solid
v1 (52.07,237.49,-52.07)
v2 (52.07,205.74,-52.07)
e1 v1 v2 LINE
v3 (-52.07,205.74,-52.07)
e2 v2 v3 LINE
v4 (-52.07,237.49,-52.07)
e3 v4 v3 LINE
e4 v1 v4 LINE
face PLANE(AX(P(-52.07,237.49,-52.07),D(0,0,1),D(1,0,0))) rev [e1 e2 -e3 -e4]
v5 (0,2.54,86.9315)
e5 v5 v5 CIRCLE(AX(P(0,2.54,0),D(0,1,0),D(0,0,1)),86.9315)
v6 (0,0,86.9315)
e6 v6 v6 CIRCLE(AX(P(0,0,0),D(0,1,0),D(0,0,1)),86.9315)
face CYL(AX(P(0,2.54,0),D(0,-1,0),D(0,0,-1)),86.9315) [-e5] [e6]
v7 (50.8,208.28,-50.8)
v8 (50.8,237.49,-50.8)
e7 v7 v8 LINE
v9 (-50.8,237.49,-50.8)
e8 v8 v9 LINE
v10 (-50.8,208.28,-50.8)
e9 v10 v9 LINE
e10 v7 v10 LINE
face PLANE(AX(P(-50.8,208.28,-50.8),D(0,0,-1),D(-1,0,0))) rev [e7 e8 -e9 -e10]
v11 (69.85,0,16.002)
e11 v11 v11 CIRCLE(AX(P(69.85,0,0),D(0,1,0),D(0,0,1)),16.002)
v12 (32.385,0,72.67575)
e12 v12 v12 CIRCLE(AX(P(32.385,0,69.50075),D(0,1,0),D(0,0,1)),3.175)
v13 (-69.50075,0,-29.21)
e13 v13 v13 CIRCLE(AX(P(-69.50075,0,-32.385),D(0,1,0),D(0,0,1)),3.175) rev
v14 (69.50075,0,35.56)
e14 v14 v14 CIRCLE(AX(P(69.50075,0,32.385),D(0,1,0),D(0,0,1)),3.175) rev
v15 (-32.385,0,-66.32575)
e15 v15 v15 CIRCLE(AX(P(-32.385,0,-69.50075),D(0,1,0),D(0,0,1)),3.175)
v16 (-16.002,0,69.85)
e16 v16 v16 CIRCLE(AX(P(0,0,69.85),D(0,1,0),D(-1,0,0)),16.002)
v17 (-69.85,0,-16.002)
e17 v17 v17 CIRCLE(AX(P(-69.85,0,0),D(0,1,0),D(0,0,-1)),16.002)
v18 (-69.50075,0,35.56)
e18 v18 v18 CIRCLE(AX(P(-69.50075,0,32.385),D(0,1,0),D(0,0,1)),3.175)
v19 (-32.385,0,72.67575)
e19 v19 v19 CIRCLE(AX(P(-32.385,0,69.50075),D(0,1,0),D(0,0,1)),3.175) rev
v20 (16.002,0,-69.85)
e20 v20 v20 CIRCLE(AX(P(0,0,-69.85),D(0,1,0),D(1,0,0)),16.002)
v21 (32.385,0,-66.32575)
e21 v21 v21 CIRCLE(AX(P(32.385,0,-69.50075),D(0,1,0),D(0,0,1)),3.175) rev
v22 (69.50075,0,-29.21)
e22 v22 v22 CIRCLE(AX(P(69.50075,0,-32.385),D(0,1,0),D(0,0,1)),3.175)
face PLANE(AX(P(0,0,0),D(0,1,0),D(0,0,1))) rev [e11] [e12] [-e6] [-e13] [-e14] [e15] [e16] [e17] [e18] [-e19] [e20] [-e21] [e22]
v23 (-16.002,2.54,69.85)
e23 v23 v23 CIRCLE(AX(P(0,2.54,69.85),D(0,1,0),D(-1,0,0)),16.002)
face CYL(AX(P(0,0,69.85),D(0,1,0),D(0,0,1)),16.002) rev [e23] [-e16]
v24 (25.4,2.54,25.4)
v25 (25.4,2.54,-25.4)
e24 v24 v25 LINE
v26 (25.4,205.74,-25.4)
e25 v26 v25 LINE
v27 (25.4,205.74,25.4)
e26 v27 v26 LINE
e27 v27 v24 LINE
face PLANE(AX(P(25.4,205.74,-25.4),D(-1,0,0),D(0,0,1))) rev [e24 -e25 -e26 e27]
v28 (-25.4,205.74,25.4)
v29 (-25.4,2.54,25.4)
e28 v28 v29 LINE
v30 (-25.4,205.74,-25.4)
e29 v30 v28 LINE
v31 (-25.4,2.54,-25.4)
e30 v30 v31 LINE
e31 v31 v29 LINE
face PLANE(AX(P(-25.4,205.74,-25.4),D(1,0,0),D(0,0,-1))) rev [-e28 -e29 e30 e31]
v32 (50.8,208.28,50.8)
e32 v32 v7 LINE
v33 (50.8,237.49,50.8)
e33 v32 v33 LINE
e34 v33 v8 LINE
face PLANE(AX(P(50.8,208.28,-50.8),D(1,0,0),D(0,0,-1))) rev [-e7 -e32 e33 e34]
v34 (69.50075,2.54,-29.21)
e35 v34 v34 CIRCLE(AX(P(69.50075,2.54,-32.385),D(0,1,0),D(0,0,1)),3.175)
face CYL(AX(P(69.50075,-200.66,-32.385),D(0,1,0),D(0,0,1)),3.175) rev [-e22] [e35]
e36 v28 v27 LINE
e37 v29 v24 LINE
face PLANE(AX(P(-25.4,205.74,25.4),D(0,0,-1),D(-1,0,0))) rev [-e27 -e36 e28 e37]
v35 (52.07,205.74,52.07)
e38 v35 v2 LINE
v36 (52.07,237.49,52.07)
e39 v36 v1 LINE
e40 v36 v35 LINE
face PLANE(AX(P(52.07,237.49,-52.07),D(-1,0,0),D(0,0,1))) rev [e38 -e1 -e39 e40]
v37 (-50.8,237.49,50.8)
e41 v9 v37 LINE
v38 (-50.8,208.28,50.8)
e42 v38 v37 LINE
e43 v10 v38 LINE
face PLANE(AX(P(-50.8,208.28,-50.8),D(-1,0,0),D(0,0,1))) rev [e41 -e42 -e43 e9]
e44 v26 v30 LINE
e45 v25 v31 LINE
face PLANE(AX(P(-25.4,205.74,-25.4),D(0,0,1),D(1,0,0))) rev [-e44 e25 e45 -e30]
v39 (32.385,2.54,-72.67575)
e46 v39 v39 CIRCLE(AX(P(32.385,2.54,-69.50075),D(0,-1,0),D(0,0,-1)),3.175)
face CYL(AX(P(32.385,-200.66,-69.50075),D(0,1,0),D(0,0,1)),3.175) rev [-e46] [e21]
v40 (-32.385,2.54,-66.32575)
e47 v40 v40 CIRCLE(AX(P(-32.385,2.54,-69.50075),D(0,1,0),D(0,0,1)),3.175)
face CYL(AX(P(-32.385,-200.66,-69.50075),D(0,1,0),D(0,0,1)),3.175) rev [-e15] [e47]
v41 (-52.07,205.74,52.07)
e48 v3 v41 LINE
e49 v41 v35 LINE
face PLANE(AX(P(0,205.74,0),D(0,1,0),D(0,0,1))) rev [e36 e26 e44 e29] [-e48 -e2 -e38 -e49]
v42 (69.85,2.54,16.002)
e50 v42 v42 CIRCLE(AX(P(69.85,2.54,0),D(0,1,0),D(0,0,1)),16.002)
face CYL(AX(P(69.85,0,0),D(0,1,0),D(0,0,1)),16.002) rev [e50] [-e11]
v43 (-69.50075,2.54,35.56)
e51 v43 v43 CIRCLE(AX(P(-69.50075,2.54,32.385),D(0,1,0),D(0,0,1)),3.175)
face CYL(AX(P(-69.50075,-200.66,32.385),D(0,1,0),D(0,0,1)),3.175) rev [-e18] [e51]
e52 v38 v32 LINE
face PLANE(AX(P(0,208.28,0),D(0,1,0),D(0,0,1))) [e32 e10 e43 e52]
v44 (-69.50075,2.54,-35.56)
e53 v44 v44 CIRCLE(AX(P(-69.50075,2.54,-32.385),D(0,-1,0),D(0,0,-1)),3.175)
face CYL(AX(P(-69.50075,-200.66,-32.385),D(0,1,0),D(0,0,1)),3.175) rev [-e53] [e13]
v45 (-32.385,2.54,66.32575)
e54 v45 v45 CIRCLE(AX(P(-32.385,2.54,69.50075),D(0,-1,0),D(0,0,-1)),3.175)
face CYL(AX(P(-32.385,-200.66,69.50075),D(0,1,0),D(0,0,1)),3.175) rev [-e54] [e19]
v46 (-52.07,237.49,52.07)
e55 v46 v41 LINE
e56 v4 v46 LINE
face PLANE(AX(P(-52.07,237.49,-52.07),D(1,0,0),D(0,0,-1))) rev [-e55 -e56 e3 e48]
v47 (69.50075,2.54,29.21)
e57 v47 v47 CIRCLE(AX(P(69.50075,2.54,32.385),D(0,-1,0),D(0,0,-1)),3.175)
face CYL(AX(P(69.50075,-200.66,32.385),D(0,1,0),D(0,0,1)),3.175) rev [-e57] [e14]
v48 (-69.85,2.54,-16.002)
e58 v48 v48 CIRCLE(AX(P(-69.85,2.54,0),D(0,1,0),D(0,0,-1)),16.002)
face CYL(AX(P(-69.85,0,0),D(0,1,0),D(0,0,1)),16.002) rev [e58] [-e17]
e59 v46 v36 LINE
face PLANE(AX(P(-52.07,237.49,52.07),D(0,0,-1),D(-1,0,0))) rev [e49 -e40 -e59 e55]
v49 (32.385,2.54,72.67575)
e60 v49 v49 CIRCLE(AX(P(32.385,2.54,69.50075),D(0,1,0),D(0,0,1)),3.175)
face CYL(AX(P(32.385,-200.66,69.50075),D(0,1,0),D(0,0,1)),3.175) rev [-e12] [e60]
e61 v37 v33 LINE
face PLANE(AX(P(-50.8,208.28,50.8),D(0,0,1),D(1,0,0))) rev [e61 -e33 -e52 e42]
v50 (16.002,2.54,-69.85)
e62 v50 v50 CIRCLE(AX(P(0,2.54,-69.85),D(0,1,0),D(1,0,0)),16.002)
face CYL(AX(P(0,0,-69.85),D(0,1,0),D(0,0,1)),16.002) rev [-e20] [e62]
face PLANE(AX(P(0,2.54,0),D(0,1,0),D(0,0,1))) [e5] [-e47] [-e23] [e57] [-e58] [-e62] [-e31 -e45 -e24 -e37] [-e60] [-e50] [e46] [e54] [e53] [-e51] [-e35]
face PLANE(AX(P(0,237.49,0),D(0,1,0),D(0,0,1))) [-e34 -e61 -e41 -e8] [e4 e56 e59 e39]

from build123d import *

# Parameters (mm, degrees)
SKETCH1_R           = 86.9315
BOSS_EXTRUDE1_DEPTH = 2.54
SKETCH2_W           = 50.8
SKETCH2_H           = 50.8
BOSS_EXTRUDE2_DEPTH = 203.2
SKETCH3_R           = 3.175
CUT_EXTRUDE1_DEPTH  = 203.2
SKETCH4_W           = 104.14
SKETCH4_H           = 104.14
BOSS_EXTRUDE3_DEPTH = 31.75
SKETCH5_W           = 101.6
SKETCH5_H           = 101.6
CUT_EXTRUDE2_DEPTH  = 29.21
SKETCH9_R           = 16.002
CUT_EXTRUDE3_DEPTH  = 266.171027611
CIRPATTERN1_COUNT   = 4


with BuildPart() as part:
    # Sketch1 → Boss-Extrude1 (new body)
    with BuildSketch(Plane(origin=(0, 0, 0), x_dir=(1, 0, 0), z_dir=(0, 1, 0))):
        with Locations(Location((0, 0, 0), (0, 0, 270))):
            Circle(SKETCH1_R)
    extrude(amount=BOSS_EXTRUDE1_DEPTH)

    # Sketch2 → Boss-Extrude2 (add)
    with BuildSketch(Plane(origin=(0, 2.54, 0), x_dir=(1, 0, 0), z_dir=(0, 1, 0))):
        Rectangle(SKETCH2_W, SKETCH2_H)
    extrude(amount=BOSS_EXTRUDE2_DEPTH)

    # Sketch3 → Cut-Extrude1 (cut)
    with BuildSketch(Plane(origin=(0, 2.54, 0), x_dir=(1, 0, 0), z_dir=(0, 1, 0))):
        with Locations(Location((-32.385, 69.50075, 0), (0, 0, 270))):
            Circle(SKETCH3_R)
        with Locations(Location((32.385, 69.50075, 0), (0, 0, 270))):
            Circle(SKETCH3_R)
        with Locations(Location((69.50075, 32.385, 0), (0, 0, 270))):
            Circle(SKETCH3_R)
        with Locations(Location((69.50075, -32.385, 0), (0, 0, 270))):
            Circle(SKETCH3_R)
        with Locations(Location((32.385, -69.50075, 0), (0, 0, 270))):
            Circle(SKETCH3_R)
        with Locations(Location((-32.385, -69.50075, 0), (0, 0, 270))):
            Circle(SKETCH3_R)
        with Locations(Location((-69.50075, -32.385, 0), (0, 0, 270))):
            Circle(SKETCH3_R)
        with Locations(Location((-69.50075, 32.385, 0), (0, 0, 270))):
            Circle(SKETCH3_R)
    extrude(amount=-CUT_EXTRUDE1_DEPTH, mode=Mode.SUBTRACT)

    # Sketch4 → Boss-Extrude3 (add)
    with BuildSketch(Plane(origin=(0, 205.74, 0), x_dir=(1, 0, 0), z_dir=(0, 1, 0))):
        Rectangle(SKETCH4_W, SKETCH4_H)
    extrude(amount=BOSS_EXTRUDE3_DEPTH)

    # Sketch5 → Cut-Extrude2 (cut)
    with BuildSketch(Plane(origin=(0, 237.49, 0), x_dir=(1, 0, 0), z_dir=(0, 1, 0))):
        Rectangle(SKETCH5_W, SKETCH5_H)
    extrude(amount=-CUT_EXTRUDE2_DEPTH, mode=Mode.SUBTRACT)

    # Sketch9 → Cut-Extrude3 (cut, through all)
    with BuildSketch(Plane(origin=(0, 2.54, 0), x_dir=(1, 0, 0), z_dir=(0, 1, 0))):
        with Locations(Location((69.85, 0, 0), (0, 0, 270))):
            Circle(SKETCH9_R)
    cut_extrude3 = extrude(amount=-CUT_EXTRUDE3_DEPTH, mode=Mode.SUBTRACT)

    # CirPattern1: Cut-Extrude3 ×4 about axis
    cirpattern1_axis = Axis((0, 0, 0), (0, 1, 0))
    for i in range(1, CIRPATTERN1_COUNT):
        add(cut_extrude3.rotate(cirpattern1_axis, i * 360 / CIRPATTERN1_COUNT), mode=Mode.SUBTRACT)


solid = part.part
